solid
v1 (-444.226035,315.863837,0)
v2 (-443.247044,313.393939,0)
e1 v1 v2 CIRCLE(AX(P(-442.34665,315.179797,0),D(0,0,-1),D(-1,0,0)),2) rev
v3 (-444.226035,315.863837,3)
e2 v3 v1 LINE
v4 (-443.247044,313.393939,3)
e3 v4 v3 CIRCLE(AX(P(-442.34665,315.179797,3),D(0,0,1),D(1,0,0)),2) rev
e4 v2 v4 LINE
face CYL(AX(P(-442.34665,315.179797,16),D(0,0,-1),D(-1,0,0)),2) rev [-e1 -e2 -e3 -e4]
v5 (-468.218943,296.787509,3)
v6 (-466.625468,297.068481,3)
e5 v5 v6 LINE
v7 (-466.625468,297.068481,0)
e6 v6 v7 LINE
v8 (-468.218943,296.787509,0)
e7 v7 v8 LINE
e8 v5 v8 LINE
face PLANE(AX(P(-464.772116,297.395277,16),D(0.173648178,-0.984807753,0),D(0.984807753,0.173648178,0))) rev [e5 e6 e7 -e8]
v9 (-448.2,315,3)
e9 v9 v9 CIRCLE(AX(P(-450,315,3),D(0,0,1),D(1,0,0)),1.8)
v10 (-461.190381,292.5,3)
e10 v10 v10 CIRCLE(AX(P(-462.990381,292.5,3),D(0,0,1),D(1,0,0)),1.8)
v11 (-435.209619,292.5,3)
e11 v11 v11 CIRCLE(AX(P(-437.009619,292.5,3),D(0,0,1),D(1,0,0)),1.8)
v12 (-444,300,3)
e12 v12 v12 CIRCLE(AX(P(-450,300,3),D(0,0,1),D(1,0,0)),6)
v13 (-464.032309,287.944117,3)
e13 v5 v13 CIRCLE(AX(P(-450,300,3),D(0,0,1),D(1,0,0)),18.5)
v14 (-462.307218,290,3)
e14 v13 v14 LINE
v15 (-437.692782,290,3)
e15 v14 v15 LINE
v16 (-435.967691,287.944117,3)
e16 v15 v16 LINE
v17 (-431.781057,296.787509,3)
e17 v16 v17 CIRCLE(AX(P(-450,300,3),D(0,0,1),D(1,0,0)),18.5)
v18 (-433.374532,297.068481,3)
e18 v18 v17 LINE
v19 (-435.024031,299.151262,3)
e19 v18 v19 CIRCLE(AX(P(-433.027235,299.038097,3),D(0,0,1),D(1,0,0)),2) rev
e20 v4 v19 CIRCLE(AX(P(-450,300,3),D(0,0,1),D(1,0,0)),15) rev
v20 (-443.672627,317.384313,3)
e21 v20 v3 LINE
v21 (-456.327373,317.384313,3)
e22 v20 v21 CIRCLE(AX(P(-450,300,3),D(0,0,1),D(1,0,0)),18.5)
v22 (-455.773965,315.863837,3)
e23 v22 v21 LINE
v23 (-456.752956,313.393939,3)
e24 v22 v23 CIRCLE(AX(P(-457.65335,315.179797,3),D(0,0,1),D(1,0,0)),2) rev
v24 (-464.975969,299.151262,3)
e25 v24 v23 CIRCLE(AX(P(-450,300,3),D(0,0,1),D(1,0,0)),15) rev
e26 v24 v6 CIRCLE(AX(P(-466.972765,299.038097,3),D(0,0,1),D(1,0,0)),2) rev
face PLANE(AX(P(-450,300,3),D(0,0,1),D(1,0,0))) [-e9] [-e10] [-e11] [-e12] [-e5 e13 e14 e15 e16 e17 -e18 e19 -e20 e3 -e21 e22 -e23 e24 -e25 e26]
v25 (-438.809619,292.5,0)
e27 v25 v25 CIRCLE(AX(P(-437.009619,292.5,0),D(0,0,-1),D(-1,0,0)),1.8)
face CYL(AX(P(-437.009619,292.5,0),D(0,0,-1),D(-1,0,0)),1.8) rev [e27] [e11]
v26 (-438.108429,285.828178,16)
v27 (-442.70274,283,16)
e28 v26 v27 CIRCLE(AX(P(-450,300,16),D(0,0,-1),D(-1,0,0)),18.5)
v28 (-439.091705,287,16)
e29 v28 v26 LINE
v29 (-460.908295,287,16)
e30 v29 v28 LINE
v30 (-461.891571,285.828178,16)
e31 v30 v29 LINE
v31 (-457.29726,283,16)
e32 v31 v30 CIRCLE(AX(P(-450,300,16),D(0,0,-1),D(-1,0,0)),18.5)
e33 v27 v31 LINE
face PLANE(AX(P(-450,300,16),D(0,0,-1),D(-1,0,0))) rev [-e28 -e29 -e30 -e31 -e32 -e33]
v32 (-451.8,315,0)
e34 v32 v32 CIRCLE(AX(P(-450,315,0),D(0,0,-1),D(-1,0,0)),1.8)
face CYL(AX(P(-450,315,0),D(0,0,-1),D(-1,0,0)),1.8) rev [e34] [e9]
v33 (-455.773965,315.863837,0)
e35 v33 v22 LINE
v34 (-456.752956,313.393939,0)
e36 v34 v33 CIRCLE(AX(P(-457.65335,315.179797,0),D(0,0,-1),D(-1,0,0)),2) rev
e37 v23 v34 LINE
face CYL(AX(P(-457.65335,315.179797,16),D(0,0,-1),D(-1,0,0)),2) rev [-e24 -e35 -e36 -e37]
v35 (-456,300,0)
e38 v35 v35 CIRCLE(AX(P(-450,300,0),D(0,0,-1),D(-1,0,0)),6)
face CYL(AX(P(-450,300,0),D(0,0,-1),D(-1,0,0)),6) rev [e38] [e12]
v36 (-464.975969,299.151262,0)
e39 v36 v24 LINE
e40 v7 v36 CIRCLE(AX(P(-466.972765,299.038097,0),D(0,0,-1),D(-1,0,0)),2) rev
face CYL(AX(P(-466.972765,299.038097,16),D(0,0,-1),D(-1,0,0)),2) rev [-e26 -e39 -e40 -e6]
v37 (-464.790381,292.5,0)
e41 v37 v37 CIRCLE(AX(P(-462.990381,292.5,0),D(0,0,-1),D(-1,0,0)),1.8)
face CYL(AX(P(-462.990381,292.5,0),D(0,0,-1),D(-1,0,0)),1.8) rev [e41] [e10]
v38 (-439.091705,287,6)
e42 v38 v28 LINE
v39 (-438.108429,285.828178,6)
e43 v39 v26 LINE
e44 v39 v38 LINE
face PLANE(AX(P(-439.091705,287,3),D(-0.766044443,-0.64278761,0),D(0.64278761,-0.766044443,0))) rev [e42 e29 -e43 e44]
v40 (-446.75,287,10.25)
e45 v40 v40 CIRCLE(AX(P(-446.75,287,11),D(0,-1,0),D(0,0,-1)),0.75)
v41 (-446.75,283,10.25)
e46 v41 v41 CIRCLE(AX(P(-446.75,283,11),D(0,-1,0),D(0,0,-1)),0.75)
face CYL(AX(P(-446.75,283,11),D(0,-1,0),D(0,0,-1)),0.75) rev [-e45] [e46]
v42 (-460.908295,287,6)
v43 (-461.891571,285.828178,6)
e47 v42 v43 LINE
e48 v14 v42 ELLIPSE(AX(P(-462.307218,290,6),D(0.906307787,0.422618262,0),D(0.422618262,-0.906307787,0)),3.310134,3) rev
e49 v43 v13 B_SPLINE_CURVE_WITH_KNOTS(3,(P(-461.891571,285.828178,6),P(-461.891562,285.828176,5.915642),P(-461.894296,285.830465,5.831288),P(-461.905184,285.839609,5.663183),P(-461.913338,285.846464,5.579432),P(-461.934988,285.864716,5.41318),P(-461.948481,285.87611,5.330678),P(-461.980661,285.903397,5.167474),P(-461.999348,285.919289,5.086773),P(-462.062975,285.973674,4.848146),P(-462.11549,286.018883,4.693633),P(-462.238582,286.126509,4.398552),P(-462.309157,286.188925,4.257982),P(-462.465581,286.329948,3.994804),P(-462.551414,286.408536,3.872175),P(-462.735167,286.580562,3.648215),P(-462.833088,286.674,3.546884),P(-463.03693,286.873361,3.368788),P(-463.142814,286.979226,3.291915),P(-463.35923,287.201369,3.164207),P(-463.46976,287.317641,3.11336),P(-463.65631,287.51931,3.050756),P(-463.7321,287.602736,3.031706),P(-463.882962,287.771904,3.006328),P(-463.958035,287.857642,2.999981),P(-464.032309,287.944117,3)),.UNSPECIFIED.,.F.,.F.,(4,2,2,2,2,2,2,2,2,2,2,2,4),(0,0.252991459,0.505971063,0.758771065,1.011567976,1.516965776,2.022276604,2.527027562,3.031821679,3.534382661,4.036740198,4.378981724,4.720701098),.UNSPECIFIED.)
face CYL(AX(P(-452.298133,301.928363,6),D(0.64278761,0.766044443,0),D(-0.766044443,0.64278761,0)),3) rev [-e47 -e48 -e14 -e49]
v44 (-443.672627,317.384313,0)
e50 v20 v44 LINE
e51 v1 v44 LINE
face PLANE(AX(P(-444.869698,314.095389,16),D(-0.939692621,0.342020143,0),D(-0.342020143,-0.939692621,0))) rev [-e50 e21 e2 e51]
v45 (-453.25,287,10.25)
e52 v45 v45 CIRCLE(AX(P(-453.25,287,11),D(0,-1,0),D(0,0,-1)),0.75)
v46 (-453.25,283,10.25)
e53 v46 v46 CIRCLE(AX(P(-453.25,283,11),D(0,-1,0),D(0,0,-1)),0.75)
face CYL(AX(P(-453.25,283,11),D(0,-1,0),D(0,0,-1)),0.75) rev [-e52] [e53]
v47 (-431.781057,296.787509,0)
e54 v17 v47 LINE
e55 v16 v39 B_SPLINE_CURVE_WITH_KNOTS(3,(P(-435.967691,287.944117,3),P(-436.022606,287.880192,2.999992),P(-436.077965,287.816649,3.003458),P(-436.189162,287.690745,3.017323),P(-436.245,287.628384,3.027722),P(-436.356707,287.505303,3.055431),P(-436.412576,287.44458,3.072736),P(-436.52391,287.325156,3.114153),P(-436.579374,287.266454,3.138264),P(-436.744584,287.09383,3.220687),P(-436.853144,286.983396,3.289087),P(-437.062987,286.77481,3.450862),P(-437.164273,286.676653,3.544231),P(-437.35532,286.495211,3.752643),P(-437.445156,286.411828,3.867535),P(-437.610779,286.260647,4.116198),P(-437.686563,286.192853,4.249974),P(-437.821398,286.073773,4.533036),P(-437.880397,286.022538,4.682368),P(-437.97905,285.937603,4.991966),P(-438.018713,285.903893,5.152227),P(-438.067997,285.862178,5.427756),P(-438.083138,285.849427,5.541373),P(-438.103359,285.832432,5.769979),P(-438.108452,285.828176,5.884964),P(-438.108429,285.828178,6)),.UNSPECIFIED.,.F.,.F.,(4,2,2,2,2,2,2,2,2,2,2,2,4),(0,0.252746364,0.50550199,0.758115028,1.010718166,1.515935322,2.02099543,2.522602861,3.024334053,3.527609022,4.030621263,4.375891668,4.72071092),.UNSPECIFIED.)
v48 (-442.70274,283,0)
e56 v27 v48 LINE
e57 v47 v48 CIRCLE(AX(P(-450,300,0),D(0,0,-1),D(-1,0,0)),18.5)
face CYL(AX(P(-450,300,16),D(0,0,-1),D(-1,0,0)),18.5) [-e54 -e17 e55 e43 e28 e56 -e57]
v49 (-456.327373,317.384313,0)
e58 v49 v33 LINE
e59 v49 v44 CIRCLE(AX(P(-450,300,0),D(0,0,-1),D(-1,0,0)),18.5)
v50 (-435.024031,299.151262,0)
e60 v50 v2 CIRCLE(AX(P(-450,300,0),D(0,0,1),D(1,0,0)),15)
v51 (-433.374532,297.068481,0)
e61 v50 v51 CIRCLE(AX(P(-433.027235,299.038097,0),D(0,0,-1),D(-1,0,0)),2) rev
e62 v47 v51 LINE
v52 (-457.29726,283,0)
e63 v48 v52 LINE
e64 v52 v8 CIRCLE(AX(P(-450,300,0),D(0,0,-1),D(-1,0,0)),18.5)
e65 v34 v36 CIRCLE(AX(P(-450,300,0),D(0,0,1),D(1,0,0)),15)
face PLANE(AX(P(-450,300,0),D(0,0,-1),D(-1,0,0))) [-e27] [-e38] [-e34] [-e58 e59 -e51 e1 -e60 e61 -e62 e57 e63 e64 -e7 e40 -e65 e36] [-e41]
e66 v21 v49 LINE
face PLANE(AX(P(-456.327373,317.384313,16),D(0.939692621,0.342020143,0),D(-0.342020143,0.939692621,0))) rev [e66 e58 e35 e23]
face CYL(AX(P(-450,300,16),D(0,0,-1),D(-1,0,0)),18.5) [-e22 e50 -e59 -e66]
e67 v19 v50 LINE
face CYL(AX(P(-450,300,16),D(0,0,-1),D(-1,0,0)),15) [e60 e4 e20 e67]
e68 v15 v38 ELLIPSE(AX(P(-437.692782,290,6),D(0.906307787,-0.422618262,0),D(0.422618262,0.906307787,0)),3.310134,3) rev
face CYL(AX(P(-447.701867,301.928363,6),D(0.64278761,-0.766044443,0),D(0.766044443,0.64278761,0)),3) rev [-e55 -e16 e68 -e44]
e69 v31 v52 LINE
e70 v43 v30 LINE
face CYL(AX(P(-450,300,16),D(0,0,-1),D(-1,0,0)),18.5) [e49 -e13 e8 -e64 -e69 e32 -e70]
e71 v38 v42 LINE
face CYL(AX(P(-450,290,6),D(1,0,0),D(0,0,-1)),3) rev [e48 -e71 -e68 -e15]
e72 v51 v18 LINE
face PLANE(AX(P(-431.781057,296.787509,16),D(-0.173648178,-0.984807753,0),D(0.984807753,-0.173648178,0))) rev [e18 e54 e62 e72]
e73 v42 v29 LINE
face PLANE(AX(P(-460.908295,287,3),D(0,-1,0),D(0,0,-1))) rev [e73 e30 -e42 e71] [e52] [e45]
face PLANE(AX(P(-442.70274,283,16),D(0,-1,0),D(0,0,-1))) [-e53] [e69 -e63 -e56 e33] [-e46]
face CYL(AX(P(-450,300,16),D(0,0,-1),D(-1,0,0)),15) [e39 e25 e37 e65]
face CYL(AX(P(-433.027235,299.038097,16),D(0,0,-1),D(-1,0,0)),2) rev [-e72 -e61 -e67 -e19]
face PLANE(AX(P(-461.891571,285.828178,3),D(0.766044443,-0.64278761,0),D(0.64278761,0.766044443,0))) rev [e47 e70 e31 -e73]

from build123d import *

# Parameters (mm, degrees)
EXTRUDE_1_DEPTH             = 16
CUT_EXTRUDE_1_DEPTH         = 13
CUT_EXTRUDE_2_DEPTH         = 17
CUT_EXTRUDE_3_DEPTH         = 17
HOLE_WIZARD_1_5_1_5_1_D     = 1.5
HOLE_WIZARD_1_5_1_5_1_DEPTH = 35.5
HOLE_WIZARD_12_0_12_1_D     = 12
HOLE_WIZARD_12_0_12_1_DEPTH = 16
HOLE_WIZARD_3_6_3_6_1_D     = 3.6
HOLE_WIZARD_3_6_3_6_1_DEPTH = 16
FILLET_1_R                  = 2
FILLET_2_R                  = 3


with BuildPart() as part:
    # 草图1 → 凸台-拉伸1 (new body)
    with BuildSketch(Plane(origin=(0, 0, 0), x_dir=(-1, 0, 0), z_dir=(0, 0, -1))):
        with BuildLine():
            Line((442.70274024, 283), (457.29725976, 283))
            ThreePointArc((457.29725976, 283), (450, 318.5), (442.70274024, 283))
        make_face()
    extrude(amount=-EXTRUDE_1_DEPTH)

    # 草图2 → 切除-拉伸1 (cut)
    with BuildSketch(Plane.XY.offset(16)):
        with BuildLine():
            Line((-461.891570779, 285.828177802), (-460.908295205, 287))
            Line((-460.908295205, 287), (-439.091704795, 287))
            Line((-439.091704795, 287), (-438.108429221, 285.828177802))
            ThreePointArc((-438.108429221, 285.828177802), (-450, 318.5), (-461.891570779, 285.828177802))
        make_face()
    extrude(amount=-CUT_EXTRUDE_1_DEPTH, mode=Mode.SUBTRACT)

    # 草图3 → 切除-拉伸2 (cut, through all)
    with BuildSketch(Plane(origin=(0, 0, 0), x_dir=(-1, 0, 0), z_dir=(0, 0, -1))):
        with BuildLine():
            Line((431.781056569, 296.787508713), (435.227883705, 297.395277335))
            ThreePointArc((435.227883705, 297.395277335), (437.009618943, 307.5), (444.86969785, 314.095389312))
            Line((444.86969785, 314.095389312), (443.672627348, 317.384313485))
            ThreePointArc((443.672627348, 317.384313485), (433.97853003, 309.25), (431.781056569, 296.787508713))
        make_face()
    extrude(amount=-CUT_EXTRUDE_2_DEPTH, mode=Mode.SUBTRACT)

    # 草图4 → 切除-拉伸3 (cut, through all)
    with BuildSketch(Plane(origin=(0, 0, 0), x_dir=(-1, 0, 0), z_dir=(0, 0, -1))):
        with BuildLine():
            Line((456.327372652, 317.384313485), (455.13030215, 314.095389312))
            ThreePointArc((455.13030215, 314.095389312), (462.990381057, 307.5), (464.772116295, 297.395277335))
            Line((464.772116295, 297.395277335), (468.218943431, 296.787508713))
            ThreePointArc((468.218943431, 296.787508713), (466.02146997, 309.25), (456.327372652, 317.384313485))
        make_face()
    extrude(amount=-CUT_EXTRUDE_3_DEPTH, mode=Mode.SUBTRACT)

    # Ø1.5 (1.5) 直径孔1
    with Locations(Plane(origin=(0, 283, 0), x_dir=(-1, 0, 0), z_dir=(0, -1, 0))):
        with Locations((446.75, -11), (453.25, -11)):
            Hole(HOLE_WIZARD_1_5_1_5_1_D / 2, depth=HOLE_WIZARD_1_5_1_5_1_DEPTH)

    # Ø12.0 (12) 直径孔1
    with Locations(Plane(origin=(0, 0, 0), x_dir=(-1, 0, 0), z_dir=(0, 0, -1))):
        with Locations((450, 300)):
            Hole(HOLE_WIZARD_12_0_12_1_D / 2, depth=HOLE_WIZARD_12_0_12_1_DEPTH)

    # Ø3.6 (3.6) 直径孔1
    with Locations(Plane(origin=(0, 0, 0), x_dir=(-1, 0, 0), z_dir=(0, 0, -1))):
        with Locations((437.009618943, 292.5), (450, 315), (462.990381057, 292.5)):
            Hole(HOLE_WIZARD_3_6_3_6_1_D / 2, depth=HOLE_WIZARD_3_6_3_6_1_DEPTH)

    # 圆角1
    fillet_1_edges = [part.edges().sort_by_distance(p)[0] for p in [
        (-444.86969785, 314.095389312, 1.5),
        (-435.227883705, 297.395277335, 1.5),
        (-464.772116295, 297.395277335, 1.5),
        (-455.13030215, 314.095389312, 1.5),
    ]]
    fillet(fillet_1_edges, radius=FILLET_1_R)

    # 圆角2
    fillet_2_edges = [part.edges().sort_by_distance(p)[0] for p in [
        (-438.600067008, 286.414088901, 3),
        (-450, 287, 3),
        (-461.399932992, 286.414088901, 3),
    ]]
    fillet(fillet_2_edges, radius=FILLET_2_R)


solid = part.part
